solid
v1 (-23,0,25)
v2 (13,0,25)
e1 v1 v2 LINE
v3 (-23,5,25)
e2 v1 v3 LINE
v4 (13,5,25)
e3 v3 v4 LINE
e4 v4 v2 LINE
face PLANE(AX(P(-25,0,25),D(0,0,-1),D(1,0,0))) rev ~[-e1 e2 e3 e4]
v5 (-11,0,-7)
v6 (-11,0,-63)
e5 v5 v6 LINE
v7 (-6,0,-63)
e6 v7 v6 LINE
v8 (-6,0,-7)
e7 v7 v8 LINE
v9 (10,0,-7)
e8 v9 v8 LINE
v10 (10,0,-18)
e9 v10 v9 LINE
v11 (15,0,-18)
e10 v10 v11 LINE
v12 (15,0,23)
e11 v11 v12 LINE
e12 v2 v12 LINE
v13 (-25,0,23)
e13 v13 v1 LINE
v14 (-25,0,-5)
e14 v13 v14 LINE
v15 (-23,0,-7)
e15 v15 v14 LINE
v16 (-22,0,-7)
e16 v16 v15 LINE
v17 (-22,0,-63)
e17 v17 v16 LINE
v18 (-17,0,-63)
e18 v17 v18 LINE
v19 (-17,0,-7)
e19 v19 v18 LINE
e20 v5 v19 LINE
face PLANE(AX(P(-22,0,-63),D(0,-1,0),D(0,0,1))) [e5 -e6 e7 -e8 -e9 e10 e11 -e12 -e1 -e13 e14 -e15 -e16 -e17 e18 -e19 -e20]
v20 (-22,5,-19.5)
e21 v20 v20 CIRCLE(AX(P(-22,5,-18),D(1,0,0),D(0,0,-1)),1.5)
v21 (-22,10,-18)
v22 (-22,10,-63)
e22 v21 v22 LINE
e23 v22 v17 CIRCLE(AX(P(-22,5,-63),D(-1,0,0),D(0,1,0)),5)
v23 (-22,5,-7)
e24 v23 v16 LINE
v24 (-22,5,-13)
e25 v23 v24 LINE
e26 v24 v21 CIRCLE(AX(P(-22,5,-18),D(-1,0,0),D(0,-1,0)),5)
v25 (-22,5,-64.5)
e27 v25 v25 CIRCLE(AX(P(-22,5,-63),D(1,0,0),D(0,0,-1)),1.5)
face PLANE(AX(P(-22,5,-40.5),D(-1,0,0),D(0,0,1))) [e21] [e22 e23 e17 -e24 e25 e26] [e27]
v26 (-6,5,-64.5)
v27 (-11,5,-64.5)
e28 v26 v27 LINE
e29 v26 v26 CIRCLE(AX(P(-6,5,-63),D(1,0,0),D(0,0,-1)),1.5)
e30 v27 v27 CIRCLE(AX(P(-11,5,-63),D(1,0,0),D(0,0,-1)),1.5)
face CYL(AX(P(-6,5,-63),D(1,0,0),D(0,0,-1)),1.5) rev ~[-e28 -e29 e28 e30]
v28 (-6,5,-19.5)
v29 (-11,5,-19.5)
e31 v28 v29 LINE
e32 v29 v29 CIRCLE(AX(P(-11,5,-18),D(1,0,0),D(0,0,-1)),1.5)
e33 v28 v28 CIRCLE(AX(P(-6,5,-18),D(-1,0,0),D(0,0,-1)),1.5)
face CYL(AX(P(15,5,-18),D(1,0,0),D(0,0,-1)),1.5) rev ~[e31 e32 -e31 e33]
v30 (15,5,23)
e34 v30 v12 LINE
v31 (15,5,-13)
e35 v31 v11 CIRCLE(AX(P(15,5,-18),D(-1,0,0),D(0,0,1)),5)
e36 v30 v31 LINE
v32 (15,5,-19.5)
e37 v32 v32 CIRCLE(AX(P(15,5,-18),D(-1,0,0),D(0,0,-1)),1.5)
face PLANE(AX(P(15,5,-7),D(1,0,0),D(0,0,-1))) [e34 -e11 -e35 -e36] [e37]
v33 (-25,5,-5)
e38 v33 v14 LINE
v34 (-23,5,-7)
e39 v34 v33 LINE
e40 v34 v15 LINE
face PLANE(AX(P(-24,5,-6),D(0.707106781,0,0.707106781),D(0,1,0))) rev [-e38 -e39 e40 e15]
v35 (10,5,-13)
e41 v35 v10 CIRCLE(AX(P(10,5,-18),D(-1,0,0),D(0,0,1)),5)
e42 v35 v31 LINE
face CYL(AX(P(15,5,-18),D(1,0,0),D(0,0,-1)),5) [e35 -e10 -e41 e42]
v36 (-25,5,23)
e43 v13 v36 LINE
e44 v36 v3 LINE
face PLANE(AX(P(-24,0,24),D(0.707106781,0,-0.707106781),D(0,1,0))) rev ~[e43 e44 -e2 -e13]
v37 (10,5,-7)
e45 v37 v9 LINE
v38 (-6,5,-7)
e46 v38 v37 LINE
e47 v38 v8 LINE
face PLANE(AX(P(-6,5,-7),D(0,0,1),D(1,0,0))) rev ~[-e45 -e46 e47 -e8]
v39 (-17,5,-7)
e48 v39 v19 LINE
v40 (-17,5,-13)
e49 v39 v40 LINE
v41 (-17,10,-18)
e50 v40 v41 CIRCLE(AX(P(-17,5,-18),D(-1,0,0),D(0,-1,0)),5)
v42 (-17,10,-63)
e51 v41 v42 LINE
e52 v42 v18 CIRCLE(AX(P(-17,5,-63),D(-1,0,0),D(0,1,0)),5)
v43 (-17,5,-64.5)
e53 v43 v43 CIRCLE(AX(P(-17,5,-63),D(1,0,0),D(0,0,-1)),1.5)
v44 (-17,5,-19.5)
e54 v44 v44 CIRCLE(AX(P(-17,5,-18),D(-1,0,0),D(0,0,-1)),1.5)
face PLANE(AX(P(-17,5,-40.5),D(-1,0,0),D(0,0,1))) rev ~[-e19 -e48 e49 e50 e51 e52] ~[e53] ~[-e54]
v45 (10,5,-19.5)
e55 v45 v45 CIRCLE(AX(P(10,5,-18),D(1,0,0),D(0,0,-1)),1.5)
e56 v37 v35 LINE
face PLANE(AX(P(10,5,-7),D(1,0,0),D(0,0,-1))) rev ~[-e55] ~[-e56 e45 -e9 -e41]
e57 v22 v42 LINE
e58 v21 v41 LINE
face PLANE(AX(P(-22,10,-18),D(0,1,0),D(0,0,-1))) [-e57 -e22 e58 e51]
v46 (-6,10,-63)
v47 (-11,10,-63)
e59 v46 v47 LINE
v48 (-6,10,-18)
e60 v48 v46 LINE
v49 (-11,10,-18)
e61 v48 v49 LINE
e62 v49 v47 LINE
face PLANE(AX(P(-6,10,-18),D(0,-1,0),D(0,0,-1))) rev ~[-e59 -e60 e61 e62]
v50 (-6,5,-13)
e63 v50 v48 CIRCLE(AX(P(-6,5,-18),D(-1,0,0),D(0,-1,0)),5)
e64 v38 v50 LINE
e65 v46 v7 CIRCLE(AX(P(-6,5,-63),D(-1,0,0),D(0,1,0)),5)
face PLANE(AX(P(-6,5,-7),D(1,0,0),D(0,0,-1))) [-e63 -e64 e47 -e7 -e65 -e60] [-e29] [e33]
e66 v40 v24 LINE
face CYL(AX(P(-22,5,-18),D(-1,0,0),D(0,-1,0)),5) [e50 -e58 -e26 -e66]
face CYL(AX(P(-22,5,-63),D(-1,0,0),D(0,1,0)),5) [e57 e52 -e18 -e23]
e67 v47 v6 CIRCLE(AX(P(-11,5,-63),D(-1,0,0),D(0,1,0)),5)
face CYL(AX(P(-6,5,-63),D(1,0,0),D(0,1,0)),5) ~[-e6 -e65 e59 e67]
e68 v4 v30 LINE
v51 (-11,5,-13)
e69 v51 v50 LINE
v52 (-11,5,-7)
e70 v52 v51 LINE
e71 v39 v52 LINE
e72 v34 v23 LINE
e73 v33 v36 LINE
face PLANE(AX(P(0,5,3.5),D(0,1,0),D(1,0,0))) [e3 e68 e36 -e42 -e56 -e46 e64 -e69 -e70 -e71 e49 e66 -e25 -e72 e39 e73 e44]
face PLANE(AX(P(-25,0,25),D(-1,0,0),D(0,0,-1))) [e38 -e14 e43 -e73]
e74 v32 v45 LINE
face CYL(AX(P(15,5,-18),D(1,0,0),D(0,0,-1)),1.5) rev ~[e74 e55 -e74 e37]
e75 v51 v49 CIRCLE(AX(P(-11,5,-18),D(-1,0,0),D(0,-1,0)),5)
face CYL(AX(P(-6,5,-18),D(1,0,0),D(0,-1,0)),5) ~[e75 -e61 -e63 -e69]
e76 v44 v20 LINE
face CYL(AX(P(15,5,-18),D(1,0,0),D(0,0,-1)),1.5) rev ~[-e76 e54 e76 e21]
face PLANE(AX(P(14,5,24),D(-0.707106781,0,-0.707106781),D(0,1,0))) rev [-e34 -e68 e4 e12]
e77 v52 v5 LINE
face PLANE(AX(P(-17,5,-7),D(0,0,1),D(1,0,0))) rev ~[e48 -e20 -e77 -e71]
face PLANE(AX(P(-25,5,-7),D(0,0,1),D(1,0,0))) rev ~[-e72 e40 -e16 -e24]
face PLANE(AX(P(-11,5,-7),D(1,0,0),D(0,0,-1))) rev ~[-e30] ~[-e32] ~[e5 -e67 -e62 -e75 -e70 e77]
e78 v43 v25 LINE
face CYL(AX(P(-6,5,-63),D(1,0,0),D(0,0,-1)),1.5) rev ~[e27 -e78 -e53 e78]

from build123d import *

# Parameters (mm, degrees)
SKETCH_1_W               = 50
SKETCH_1_H               = 43
EXTRUDE_1_DEPTH          = 5
SKETCH_3_R               = 5
EXTRUDE_2_DEPTH          = 5
EXTRUDE_START            = -6
EXTRUDE_3_DEPTH          = 5
EXTRUDE_4_DEPTH          = 5
SKETCH_9_R               = 1.5
CUT_EXTRUDE_2_DEPTH      = 11
CUT_EXTRUDE_2_DEPTH_BACK = 41
SKETCH_11_W              = 3
SKETCH_11_H              = 11
SKETCH_11_W_2            = 6
SKETCH_11_W_3            = 16
SKETCH_11_W_4            = 10
CUT_EXTRUDE_3_DEPTH      = 6
CUT_EXTRUDE_3_DEPTH_BACK = 6
SKETCH_12_R              = 1.5
CUT_EXTRUDE_4_DEPTH      = 32
CUT_EXTRUDE_4_DEPTH_BACK = 20
SKETCH_13_W              = 10
SKETCH_13_H              = 32
CUT_EXTRUDE_5_DEPTH      = 6
CUT_EXTRUDE_5_DEPTH_BACK = 6
CHAMFER_2_SIZE           = 2


with BuildPart() as part:
    # 草图1 → 凸台-拉伸1 (new body)
    with BuildSketch(Plane(origin=(0, 0, 0), x_dir=(1, 0, 0), z_dir=(0, 1, 0))):
        with Locations((0, -3.5)):
            Rectangle(SKETCH_1_W, SKETCH_1_H)
    extrude(amount=EXTRUDE_1_DEPTH)

    # 草图3 → 凸台-拉伸2 (add)
    with BuildSketch(Plane(origin=(15, 0, 0), x_dir=(0, 0, -1), z_dir=(1, 0, 0))):
        with Locations((18, 5)):
            Circle(SKETCH_3_R)
    extrude(amount=-EXTRUDE_2_DEPTH)

    # 草图5 → 凸台-拉伸3 (add)
    with BuildSketch(Plane(origin=(0, 0, 0), x_dir=(0, 0, -1), z_dir=(1, 0, 0)).offset(EXTRUDE_START)):
        with BuildLine():
            Line((18, 10), (63, 10))
            ThreePointArc((63, 10), (68, 5), (63, 0))
            Line((63, 0), (18, 0))
            ThreePointArc((18, 0), (13, 5), (18, 10))
        make_face()
    extrude(amount=-EXTRUDE_3_DEPTH)

    # 草图6 → 凸台-拉伸4 (add)
    with BuildSketch(Plane(origin=(-22, 0, 0), x_dir=(0, 0, -1), z_dir=(1, 0, 0))):
        with BuildLine():
            Line((18, 10), (63, 10))
            ThreePointArc((63, 10), (68, 5), (63, 0))
            Line((63, 0), (18, 0))
            ThreePointArc((18, 0), (13, 5), (18, 10))
        make_face()
    extrude(amount=EXTRUDE_4_DEPTH)

    # 草图9 → 切除-拉伸2 (cut, two sides)
    with BuildSketch(Plane(origin=(15, 0, 0), x_dir=(0, 0, -1), z_dir=(1, 0, 0))) as cut_extrude_2_sk:
        with Locations((18, 5)):
            Circle(SKETCH_9_R)
    extrude(amount=CUT_EXTRUDE_2_DEPTH, mode=Mode.SUBTRACT)
    extrude(cut_extrude_2_sk.sketch, amount=-CUT_EXTRUDE_2_DEPTH_BACK, mode=Mode.SUBTRACT)

    # 草图11 → 切除-拉伸3 (cut, two sides)
    with BuildSketch(Plane(origin=(0, 5, 0), x_dir=(1, 0, 0), z_dir=(0, 1, 0))) as cut_extrude_3_sk:
        with Locations((-23.5, 12.5)):
            Rectangle(SKETCH_11_W, SKETCH_11_H)
        with Locations((-14, 12.5)):
            Rectangle(SKETCH_11_W_2, SKETCH_11_H)
        with Locations((2, 12.5)):
            Rectangle(SKETCH_11_W_3, SKETCH_11_H)
        with Locations((20, 12.5)):
            Rectangle(SKETCH_11_W_4, SKETCH_11_H)
    extrude(amount=CUT_EXTRUDE_3_DEPTH, mode=Mode.SUBTRACT)
    extrude(cut_extrude_3_sk.sketch, amount=-CUT_EXTRUDE_3_DEPTH_BACK, mode=Mode.SUBTRACT)

    # 草图12 → 切除-拉伸4 (cut, two sides)
    with BuildSketch(Plane(origin=(-6, 0, 0), x_dir=(0, 0, -1), z_dir=(1, 0, 0))) as cut_extrude_4_sk:
        with Locations((63, 5)):
            Circle(SKETCH_12_R)
    extrude(amount=CUT_EXTRUDE_4_DEPTH, mode=Mode.SUBTRACT)
    extrude(cut_extrude_4_sk.sketch, amount=-CUT_EXTRUDE_4_DEPTH_BACK, mode=Mode.SUBTRACT)

    # 草图13 → 切除-拉伸5 (cut, two sides)
    with BuildSketch(Plane(origin=(0, 5, 0), x_dir=(1, 0, 0), z_dir=(0, 1, 0))) as cut_extrude_5_sk:
        with Locations((20, -9)):
            Rectangle(SKETCH_13_W, SKETCH_13_H)
    extrude(amount=CUT_EXTRUDE_5_DEPTH, mode=Mode.SUBTRACT)
    extrude(cut_extrude_5_sk.sketch, amount=-CUT_EXTRUDE_5_DEPTH_BACK, mode=Mode.SUBTRACT)

    # 倒角2
    chamfer_2_edges = [part.edges().sort_by_distance(p)[0] for p in [
        (-25, 2.5, -7),
        (15, 2.5, 25),
        (-25, 2.5, 25),
    ]]
    chamfer(chamfer_2_edges, length=CHAMFER_2_SIZE)


solid = part.part
